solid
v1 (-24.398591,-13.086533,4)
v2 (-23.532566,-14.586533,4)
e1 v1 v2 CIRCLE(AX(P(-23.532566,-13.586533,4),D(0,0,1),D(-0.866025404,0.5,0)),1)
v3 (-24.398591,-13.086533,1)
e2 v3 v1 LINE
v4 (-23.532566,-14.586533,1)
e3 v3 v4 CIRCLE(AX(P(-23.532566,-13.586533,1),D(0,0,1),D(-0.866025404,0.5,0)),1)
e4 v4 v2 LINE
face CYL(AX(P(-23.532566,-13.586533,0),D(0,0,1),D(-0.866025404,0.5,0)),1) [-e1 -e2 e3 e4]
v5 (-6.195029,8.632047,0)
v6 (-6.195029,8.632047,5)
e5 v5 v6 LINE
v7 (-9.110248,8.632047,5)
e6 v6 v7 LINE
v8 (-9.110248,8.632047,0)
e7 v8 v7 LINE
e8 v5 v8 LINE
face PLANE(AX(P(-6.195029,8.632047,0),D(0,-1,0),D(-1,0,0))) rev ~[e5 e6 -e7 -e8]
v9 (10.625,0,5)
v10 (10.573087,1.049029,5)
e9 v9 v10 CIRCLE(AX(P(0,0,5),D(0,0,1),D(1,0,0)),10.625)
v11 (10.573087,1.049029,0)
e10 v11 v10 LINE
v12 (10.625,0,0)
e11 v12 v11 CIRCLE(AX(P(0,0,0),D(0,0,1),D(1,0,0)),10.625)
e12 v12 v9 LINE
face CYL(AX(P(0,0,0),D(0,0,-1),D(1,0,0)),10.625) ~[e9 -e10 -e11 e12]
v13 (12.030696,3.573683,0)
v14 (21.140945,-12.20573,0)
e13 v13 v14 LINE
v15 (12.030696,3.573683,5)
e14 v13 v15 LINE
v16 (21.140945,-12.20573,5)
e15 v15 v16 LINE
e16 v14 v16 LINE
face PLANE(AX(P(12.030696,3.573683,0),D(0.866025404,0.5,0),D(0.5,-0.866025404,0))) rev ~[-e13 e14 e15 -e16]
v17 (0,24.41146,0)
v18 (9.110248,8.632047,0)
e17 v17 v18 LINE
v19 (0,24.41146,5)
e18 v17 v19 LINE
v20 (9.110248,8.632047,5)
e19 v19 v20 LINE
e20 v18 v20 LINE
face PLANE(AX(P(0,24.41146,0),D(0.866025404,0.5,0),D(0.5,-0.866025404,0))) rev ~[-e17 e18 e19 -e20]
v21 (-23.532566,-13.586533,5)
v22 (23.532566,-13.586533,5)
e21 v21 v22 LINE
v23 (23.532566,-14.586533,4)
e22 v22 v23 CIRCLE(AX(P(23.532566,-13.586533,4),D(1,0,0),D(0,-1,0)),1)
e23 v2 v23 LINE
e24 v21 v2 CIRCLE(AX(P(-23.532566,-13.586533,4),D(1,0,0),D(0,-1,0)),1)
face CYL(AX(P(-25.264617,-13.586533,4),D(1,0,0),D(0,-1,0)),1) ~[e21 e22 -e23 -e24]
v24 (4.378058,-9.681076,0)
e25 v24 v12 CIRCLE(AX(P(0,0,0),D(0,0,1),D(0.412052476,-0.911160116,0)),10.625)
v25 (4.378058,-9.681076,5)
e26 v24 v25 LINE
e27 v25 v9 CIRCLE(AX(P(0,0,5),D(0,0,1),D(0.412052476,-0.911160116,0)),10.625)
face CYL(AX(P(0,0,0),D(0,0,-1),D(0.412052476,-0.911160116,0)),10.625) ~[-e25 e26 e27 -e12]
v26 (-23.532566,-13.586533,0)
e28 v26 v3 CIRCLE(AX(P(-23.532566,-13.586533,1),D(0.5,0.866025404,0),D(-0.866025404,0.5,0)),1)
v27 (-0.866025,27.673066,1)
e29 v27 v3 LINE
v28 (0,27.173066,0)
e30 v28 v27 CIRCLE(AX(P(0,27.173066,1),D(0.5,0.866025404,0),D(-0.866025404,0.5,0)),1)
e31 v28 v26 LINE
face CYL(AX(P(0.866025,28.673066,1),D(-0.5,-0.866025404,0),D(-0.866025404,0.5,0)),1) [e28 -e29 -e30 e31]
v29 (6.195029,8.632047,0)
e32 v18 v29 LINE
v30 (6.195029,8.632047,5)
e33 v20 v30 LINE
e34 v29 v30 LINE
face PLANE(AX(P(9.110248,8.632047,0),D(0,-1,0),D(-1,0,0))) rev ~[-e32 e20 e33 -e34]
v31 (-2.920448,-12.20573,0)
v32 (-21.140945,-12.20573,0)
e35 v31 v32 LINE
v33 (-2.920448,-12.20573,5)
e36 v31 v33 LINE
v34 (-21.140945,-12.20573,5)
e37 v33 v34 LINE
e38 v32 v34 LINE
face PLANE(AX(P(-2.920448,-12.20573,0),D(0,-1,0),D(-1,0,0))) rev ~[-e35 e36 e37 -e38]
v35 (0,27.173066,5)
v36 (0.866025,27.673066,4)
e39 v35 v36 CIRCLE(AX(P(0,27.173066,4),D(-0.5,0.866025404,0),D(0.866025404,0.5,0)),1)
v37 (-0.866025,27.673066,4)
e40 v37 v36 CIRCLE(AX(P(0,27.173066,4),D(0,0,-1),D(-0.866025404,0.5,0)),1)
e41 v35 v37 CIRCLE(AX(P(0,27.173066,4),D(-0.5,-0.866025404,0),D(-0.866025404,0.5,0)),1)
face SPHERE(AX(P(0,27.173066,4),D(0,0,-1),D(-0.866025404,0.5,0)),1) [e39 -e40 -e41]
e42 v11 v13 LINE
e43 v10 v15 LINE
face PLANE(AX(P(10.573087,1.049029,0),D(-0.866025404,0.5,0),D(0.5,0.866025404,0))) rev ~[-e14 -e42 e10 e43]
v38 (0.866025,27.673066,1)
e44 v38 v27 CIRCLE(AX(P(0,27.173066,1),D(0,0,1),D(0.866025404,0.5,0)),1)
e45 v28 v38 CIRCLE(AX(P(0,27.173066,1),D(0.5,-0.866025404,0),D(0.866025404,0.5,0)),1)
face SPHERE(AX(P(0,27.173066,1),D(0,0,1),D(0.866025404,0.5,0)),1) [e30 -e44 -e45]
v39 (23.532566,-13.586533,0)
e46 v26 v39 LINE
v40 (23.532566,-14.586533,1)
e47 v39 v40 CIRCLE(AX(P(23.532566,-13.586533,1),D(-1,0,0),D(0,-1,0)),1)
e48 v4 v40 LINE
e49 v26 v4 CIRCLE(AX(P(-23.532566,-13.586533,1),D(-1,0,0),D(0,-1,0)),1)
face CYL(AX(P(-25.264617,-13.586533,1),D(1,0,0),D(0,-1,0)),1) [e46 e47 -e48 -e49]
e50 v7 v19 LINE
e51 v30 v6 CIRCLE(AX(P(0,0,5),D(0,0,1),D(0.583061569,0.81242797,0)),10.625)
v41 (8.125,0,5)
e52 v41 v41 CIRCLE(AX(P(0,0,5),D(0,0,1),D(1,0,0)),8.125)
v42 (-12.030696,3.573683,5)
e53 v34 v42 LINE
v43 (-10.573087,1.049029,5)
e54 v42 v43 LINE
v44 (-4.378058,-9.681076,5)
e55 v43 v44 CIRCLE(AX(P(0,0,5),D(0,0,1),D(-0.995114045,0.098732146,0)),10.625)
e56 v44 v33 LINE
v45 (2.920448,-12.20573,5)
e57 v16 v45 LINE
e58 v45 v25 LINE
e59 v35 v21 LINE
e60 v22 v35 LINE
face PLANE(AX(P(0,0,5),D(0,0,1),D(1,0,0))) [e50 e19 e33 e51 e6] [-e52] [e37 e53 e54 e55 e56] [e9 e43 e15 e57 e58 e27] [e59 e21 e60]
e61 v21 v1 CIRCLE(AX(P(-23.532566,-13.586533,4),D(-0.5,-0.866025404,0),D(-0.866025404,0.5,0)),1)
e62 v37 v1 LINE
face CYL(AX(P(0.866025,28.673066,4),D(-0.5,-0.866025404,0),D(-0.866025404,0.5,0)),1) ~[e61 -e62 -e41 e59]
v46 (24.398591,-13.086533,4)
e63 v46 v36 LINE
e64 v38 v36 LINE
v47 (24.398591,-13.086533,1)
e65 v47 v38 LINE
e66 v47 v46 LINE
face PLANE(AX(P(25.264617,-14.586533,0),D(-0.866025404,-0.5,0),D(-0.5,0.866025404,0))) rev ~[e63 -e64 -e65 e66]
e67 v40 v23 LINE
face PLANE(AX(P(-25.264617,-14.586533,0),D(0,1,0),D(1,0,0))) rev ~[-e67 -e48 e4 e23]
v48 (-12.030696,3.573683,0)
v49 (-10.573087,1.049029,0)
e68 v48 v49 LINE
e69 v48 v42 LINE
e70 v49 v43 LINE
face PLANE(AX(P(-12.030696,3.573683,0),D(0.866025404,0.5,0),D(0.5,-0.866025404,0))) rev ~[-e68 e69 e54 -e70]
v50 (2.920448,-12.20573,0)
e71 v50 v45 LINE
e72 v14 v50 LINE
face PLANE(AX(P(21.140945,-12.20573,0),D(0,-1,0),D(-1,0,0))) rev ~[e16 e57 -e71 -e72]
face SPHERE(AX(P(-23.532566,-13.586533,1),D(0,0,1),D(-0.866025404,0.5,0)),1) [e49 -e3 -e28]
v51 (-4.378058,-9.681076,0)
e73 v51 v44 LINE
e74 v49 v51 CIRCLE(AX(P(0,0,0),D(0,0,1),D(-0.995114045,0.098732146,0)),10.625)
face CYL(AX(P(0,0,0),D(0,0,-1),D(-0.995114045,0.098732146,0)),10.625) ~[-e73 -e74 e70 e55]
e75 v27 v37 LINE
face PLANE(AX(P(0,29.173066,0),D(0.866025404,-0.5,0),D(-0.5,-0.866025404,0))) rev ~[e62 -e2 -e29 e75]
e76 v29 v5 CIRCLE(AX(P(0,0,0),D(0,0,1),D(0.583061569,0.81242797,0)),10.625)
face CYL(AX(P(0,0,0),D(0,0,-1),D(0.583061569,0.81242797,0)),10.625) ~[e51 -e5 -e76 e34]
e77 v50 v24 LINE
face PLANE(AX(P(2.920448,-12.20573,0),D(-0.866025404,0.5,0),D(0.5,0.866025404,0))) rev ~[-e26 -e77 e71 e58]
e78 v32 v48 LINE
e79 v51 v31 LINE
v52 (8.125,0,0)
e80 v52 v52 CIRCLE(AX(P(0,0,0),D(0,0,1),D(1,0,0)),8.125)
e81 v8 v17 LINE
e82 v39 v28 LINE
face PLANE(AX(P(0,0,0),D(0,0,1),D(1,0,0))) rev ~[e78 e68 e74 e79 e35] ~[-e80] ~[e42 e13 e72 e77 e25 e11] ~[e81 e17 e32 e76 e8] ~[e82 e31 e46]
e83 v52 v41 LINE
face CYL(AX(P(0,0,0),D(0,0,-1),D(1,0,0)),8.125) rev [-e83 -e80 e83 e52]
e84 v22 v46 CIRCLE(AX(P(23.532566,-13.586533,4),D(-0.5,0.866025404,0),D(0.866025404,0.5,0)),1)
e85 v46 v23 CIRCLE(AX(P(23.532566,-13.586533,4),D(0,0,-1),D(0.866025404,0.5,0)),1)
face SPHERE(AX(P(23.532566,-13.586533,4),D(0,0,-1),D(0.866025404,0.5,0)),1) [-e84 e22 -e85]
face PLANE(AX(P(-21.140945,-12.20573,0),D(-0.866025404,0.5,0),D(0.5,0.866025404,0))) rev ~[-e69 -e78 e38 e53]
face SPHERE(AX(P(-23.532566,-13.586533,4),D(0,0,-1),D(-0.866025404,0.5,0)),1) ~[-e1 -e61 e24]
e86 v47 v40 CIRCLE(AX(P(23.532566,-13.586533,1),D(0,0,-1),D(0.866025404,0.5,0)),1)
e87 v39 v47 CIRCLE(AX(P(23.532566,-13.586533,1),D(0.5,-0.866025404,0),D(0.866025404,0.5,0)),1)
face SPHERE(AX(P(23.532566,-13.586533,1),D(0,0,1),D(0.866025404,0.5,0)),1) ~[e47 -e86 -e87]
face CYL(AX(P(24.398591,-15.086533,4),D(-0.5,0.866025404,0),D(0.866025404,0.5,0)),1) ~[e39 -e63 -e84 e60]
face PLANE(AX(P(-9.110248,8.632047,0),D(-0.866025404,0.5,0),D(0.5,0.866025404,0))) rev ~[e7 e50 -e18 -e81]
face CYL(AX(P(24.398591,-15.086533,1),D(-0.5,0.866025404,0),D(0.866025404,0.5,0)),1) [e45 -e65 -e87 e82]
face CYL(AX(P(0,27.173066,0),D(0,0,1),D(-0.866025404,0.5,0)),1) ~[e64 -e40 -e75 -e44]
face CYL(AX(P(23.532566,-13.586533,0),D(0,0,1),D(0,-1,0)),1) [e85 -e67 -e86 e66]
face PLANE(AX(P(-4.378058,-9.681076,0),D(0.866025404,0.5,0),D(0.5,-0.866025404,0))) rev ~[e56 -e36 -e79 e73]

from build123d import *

# Parameters (mm, degrees)
F0_R     = 8.125
F1_DEPTH = 5
F2_R     = 1


with BuildPart() as f1:
    # F0 (on Top) → F1 (new body)
    with BuildSketch(Plane.XY):
        Polygon((0, 29.1730664034), (-25.2646166116, -14.5865332017), (25.2646166116, -14.5865332017), align=None)
        with BuildLine():
            Line((-6.1950291712, 8.6320471829), (-9.1102483662, 8.6320471829))
            Line((-9.1102483662, 8.6320471829), (0, 24.4114602227))
            Line((0, 24.4114602227), (9.1102483662, 8.6320471829))
            Line((9.1102483662, 8.6320471829), (6.1950291712, 8.6320471829))
            ThreePointArc((6.1950291712, 8.6320471829), (9.2015199152, 5.3125), (10.5730867327, 1.049029048))
            Line((10.5730867327, 1.049029048), (12.0306963301, 3.5736829284))
            Line((12.0306963301, 3.5736829284), (21.1409446963, -12.2057301113))
            Line((21.1409446963, -12.2057301113), (2.920447964, -12.2057301113))
            Line((2.920447964, -12.2057301113), (4.3780575614, -9.6810762309))
            ThreePointArc((4.3780575614, -9.6810762309), (0, -10.625), (-4.3780575614, -9.6810762309))
            Line((-4.3780575614, -9.6810762309), (-2.920447964, -12.2057301113))
            Line((-2.920447964, -12.2057301113), (-21.1409446963, -12.2057301113))
            Line((-21.1409446963, -12.2057301113), (-12.0306963301, 3.5736829284))
            Line((-12.0306963301, 3.5736829284), (-10.5730867327, 1.049029048))
            ThreePointArc((-10.5730867327, 1.049029048), (-9.2015199152, 5.3125), (-6.1950291712, 8.6320471829))
        make_face(mode=Mode.SUBTRACT)
        with BuildLine():
            Line((6.1950291712, 8.6320471829), (-6.1950291712, 8.6320471829))
            ThreePointArc((-6.1950291712, 8.6320471829), (-9.2015199152, 5.3125), (-10.5730867327, 1.049029048))
            Line((-10.5730867327, 1.049029048), (-4.3780575614, -9.6810762309))
            ThreePointArc((-4.3780575614, -9.6810762309), (0, -10.625), (4.3780575614, -9.6810762309))
            Line((4.3780575614, -9.6810762309), (10.5730867327, 1.049029048))
            ThreePointArc((10.5730867327, 1.049029048), (9.2015199152, 5.3125), (6.1950291712, 8.6320471829))
        make_face()
        Circle(F0_R, mode=Mode.SUBTRACT)
        with BuildLine():
            Line((-4.3780575614, -9.6810762309), (-10.5730867327, 1.049029048))
            ThreePointArc((-10.5730867327, 1.049029048), (-9.2015199152, -5.3125), (-4.3780575614, -9.6810762309))
        make_face()
        with BuildLine():
            ThreePointArc((10.625, 0), (10.612013747, 0.5251563888), (10.5730867327, 1.049029048))
            Line((10.5730867327, 1.049029048), (4.3780575614, -9.6810762309))
            ThreePointArc((4.3780575614, -9.6810762309), (8.9276952958, -5.7608056472), (10.625, 0))
        make_face()
        with BuildLine():
            ThreePointArc((6.1950291712, 8.6320471829), (0, 10.625), (-6.1950291712, 8.6320471829))
            Line((-6.1950291712, 8.6320471829), (6.1950291712, 8.6320471829))
        make_face()
    extrude(amount=F1_DEPTH)

    # F2
    f2_edges = [f1.edges().sort_by_distance(p)[0] for p in [
        (12.632308, 7.293267, 0),
        (-12.632308, 7.293267, 0),
        (0, -14.586533, 0),
        (-12.632308, 7.293267, 5),
        (12.632308, 7.293267, 5),
        (0, -14.586533, 5),
        (-25.264617, -14.586533, 2.5),
        (0, 29.173066, 2.5),
        (25.264617, -14.586533, 2.5),
    ]]
    fillet(f2_edges, radius=F2_R)


solid = f1.part
